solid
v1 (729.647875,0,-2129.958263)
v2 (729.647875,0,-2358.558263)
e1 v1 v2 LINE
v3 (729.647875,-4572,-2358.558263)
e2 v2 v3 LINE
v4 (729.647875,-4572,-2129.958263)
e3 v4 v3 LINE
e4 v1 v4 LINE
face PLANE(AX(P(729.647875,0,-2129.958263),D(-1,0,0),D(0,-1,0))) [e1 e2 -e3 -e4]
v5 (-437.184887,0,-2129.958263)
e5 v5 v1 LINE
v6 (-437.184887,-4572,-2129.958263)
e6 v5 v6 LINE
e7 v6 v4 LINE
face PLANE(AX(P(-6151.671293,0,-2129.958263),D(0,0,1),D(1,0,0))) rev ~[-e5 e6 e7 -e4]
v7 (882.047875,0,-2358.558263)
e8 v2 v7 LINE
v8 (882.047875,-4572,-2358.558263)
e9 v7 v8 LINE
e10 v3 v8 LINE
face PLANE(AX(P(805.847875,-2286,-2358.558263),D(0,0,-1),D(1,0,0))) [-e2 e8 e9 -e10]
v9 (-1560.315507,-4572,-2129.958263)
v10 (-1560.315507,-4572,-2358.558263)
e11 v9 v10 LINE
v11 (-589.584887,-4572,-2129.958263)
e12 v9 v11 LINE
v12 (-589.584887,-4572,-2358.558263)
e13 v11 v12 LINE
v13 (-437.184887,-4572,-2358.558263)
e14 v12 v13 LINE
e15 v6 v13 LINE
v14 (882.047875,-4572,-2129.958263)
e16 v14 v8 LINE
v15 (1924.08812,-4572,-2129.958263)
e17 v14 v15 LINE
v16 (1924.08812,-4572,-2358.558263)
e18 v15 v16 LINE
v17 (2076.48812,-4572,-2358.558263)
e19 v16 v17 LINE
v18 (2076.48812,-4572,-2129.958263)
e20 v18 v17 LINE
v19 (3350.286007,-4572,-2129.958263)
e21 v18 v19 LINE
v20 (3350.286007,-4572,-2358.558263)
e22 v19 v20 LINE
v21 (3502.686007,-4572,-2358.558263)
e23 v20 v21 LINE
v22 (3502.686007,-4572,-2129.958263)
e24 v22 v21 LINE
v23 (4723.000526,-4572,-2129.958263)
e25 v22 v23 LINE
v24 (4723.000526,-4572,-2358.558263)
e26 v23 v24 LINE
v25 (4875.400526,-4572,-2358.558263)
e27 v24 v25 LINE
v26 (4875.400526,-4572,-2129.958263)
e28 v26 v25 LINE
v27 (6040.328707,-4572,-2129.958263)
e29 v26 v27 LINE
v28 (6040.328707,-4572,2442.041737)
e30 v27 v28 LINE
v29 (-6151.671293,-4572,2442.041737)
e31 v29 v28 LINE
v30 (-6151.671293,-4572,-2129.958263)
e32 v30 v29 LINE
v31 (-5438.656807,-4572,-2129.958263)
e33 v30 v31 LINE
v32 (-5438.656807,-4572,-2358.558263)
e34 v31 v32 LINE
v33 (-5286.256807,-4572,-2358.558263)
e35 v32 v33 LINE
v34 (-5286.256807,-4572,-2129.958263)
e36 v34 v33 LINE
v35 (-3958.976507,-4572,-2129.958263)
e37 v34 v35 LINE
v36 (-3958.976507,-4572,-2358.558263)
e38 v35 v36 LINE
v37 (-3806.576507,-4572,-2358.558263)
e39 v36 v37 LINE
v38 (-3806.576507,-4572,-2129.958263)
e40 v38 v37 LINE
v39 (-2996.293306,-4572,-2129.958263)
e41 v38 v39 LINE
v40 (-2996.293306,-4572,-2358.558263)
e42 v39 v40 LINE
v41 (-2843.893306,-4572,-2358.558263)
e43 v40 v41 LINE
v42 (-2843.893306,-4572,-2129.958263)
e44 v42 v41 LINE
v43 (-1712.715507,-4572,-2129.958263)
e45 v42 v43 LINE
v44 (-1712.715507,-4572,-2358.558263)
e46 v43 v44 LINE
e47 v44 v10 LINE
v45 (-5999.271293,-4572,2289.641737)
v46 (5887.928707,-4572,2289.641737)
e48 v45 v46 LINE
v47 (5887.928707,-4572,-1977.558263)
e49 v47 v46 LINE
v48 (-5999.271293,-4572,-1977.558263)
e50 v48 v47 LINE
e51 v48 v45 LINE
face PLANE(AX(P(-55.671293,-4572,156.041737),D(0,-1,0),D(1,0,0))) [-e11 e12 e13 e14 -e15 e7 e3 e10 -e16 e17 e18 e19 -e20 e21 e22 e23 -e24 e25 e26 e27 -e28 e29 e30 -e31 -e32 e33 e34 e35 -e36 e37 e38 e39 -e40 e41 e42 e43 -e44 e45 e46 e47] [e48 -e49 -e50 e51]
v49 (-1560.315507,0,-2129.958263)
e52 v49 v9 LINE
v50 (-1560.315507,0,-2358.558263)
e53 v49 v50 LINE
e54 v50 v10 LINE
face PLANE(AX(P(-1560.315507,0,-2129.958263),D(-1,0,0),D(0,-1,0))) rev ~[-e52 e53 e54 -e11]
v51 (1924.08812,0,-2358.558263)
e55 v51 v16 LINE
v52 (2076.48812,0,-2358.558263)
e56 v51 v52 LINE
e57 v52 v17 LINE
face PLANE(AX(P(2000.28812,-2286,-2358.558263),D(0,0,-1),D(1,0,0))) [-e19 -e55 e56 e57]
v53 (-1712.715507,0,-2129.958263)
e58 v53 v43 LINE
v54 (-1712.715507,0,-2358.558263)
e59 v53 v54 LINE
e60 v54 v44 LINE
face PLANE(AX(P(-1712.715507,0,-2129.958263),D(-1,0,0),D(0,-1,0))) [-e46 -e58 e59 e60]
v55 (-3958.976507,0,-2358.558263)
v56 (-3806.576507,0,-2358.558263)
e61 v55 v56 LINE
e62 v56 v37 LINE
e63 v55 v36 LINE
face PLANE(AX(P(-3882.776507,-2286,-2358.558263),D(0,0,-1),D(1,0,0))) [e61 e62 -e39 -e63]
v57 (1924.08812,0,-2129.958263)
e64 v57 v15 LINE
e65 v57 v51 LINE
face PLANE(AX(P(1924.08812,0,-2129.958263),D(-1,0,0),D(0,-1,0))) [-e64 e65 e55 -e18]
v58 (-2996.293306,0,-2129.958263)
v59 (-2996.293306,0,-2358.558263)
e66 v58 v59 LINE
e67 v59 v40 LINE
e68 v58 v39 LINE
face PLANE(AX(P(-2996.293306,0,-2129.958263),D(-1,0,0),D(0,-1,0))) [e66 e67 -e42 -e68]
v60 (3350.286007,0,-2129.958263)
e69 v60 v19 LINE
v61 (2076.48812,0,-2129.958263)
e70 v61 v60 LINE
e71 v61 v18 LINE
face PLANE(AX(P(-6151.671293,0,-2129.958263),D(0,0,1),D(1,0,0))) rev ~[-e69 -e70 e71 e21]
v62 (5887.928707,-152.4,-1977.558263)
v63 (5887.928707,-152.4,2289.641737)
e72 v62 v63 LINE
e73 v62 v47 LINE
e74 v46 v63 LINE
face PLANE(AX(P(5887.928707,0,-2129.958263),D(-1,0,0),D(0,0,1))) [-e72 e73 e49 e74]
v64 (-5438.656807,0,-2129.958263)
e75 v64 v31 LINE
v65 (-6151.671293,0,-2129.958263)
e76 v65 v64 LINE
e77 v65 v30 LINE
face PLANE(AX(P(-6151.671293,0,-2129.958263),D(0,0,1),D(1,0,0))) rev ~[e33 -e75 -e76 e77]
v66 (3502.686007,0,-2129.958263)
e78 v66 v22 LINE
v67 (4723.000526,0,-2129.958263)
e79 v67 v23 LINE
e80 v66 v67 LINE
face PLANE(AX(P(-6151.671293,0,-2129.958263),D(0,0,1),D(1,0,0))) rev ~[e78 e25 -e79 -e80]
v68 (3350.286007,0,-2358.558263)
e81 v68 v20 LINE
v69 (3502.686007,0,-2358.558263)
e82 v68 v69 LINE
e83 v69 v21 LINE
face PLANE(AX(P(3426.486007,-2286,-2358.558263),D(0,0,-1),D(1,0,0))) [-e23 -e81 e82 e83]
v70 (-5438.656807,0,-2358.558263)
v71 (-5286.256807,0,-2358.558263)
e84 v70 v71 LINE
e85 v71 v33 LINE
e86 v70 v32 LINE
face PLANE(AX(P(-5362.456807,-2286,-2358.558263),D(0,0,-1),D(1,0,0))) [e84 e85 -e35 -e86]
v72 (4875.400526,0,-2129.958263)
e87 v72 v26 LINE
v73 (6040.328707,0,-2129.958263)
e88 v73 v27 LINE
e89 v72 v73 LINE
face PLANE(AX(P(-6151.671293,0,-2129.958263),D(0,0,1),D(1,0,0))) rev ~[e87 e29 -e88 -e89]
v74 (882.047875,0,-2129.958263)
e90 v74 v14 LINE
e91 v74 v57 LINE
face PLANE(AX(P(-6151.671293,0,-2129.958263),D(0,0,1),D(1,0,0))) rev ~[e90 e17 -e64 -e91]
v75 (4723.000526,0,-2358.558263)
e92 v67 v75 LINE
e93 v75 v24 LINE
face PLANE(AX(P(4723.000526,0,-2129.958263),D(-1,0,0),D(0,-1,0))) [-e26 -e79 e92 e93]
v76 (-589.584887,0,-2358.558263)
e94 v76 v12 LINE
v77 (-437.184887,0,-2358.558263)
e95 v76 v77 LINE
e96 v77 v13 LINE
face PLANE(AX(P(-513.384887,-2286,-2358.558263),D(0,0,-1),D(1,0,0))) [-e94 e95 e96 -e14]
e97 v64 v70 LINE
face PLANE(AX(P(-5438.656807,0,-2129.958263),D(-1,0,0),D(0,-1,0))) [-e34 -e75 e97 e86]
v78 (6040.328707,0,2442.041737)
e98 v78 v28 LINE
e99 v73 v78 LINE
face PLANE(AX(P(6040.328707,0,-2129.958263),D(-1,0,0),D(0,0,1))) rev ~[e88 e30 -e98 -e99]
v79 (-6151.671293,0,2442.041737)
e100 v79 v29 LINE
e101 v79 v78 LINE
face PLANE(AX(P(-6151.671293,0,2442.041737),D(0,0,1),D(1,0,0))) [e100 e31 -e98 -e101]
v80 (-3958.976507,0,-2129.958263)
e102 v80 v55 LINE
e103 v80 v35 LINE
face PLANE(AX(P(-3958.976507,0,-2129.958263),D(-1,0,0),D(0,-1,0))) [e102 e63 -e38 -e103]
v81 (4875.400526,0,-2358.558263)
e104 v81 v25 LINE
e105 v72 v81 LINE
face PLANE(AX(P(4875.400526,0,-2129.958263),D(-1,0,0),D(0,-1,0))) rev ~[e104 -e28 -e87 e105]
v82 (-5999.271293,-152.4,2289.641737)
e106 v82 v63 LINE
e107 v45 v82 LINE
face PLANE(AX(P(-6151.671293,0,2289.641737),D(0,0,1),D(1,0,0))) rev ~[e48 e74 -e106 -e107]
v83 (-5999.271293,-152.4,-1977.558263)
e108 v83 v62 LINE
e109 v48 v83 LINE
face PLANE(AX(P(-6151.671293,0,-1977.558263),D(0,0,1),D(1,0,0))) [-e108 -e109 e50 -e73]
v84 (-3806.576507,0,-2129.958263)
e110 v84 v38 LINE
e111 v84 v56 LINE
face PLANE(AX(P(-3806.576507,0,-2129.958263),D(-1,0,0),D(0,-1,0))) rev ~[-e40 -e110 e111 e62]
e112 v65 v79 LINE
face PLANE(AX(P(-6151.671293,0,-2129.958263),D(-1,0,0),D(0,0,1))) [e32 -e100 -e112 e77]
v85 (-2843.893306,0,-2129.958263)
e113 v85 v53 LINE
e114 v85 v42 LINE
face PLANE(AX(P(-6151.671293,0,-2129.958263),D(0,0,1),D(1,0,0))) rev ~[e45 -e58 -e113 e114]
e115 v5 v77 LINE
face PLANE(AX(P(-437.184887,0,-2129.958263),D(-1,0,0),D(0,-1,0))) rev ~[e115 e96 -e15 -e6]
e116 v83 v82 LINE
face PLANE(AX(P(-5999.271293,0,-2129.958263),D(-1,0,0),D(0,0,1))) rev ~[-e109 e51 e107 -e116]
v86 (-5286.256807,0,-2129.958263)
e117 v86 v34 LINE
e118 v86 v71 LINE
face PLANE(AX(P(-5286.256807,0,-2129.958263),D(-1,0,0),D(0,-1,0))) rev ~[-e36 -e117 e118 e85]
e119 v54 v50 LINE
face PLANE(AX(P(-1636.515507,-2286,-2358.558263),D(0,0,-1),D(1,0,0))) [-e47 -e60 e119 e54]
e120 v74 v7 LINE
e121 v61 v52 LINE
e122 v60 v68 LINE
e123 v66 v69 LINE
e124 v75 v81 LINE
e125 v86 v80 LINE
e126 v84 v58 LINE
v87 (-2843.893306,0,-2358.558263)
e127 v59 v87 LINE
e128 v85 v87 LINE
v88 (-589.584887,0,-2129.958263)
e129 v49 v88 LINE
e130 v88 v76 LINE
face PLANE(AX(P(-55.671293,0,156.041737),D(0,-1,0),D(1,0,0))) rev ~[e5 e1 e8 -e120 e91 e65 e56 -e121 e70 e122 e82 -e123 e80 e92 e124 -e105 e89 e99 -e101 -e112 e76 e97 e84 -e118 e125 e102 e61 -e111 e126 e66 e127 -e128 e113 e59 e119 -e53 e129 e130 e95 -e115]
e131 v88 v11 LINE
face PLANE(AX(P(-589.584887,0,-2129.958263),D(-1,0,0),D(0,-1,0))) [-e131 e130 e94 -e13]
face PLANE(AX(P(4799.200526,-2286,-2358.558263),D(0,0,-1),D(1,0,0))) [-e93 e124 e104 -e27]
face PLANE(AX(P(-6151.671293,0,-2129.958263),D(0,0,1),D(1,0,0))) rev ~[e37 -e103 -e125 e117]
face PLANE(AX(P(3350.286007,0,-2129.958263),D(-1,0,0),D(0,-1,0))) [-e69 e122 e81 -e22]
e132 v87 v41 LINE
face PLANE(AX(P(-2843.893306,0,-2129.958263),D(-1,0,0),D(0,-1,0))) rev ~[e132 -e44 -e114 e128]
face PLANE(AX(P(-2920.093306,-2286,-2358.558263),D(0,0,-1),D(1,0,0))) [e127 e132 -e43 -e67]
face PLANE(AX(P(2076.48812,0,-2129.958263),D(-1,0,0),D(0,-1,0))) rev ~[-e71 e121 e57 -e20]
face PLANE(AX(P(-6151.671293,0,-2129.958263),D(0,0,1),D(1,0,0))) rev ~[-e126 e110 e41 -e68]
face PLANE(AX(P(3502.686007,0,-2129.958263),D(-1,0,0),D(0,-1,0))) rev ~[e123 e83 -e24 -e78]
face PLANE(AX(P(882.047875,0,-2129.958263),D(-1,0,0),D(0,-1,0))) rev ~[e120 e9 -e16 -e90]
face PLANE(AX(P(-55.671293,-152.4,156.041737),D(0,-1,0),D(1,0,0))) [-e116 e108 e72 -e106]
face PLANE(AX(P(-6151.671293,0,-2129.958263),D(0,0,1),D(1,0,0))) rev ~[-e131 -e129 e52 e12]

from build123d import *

# Parameters (mm, degrees)
F0_W     = 12192
F0_H     = 4572
F1_DEPTH = 4572
F2_T     = -152.4
F3_W     = 152.4
F3_H     = 4572
F4_DEPTH = 228.6


with BuildPart() as f1:
    # F0 (on Front) → F1 (new body)
    with BuildSketch(Plane.XZ):
        with Locations((-55.671293, 156.041737)):
            Rectangle(F0_W, F0_H)
    extrude(amount=F1_DEPTH)

    # F2
    f2_openings = [f1.faces().sort_by_distance(p)[0] for p in [
        (-55.671293, -4572, 156.041737),
    ]]
    offset(amount=F2_T, openings=f2_openings)

    # F3 (on face) → F4 (join)
    with BuildSketch(Plane(origin=(0, 0, -2129.958263), x_dir=(1, 0, 0), z_dir=(0, 0, -1))):
        with Locations((4799.200526, 2286)):
            Rectangle(F3_W, F3_H)
        with Locations((3426.486007, 2286)):
            Rectangle(F3_W, F3_H)
        with Locations((2000.28812, 2286)):
            Rectangle(F3_W, F3_H)
        with Locations((805.847875, 2286)):
            Rectangle(F3_W, F3_H)
        with Locations((-513.384887, 2286)):
            Rectangle(F3_W, F3_H)
        with Locations((-1636.515507, 2286)):
            Rectangle(F3_W, F3_H)
        with Locations((-2920.093306, 2286)):
            Rectangle(F3_W, F3_H)
        with Locations((-3882.776507, 2286)):
            Rectangle(F3_W, F3_H)
        with Locations((-5362.456807, 2286)):
            Rectangle(F3_W, F3_H)
    extrude(amount=F4_DEPTH)


solid = f1.part
